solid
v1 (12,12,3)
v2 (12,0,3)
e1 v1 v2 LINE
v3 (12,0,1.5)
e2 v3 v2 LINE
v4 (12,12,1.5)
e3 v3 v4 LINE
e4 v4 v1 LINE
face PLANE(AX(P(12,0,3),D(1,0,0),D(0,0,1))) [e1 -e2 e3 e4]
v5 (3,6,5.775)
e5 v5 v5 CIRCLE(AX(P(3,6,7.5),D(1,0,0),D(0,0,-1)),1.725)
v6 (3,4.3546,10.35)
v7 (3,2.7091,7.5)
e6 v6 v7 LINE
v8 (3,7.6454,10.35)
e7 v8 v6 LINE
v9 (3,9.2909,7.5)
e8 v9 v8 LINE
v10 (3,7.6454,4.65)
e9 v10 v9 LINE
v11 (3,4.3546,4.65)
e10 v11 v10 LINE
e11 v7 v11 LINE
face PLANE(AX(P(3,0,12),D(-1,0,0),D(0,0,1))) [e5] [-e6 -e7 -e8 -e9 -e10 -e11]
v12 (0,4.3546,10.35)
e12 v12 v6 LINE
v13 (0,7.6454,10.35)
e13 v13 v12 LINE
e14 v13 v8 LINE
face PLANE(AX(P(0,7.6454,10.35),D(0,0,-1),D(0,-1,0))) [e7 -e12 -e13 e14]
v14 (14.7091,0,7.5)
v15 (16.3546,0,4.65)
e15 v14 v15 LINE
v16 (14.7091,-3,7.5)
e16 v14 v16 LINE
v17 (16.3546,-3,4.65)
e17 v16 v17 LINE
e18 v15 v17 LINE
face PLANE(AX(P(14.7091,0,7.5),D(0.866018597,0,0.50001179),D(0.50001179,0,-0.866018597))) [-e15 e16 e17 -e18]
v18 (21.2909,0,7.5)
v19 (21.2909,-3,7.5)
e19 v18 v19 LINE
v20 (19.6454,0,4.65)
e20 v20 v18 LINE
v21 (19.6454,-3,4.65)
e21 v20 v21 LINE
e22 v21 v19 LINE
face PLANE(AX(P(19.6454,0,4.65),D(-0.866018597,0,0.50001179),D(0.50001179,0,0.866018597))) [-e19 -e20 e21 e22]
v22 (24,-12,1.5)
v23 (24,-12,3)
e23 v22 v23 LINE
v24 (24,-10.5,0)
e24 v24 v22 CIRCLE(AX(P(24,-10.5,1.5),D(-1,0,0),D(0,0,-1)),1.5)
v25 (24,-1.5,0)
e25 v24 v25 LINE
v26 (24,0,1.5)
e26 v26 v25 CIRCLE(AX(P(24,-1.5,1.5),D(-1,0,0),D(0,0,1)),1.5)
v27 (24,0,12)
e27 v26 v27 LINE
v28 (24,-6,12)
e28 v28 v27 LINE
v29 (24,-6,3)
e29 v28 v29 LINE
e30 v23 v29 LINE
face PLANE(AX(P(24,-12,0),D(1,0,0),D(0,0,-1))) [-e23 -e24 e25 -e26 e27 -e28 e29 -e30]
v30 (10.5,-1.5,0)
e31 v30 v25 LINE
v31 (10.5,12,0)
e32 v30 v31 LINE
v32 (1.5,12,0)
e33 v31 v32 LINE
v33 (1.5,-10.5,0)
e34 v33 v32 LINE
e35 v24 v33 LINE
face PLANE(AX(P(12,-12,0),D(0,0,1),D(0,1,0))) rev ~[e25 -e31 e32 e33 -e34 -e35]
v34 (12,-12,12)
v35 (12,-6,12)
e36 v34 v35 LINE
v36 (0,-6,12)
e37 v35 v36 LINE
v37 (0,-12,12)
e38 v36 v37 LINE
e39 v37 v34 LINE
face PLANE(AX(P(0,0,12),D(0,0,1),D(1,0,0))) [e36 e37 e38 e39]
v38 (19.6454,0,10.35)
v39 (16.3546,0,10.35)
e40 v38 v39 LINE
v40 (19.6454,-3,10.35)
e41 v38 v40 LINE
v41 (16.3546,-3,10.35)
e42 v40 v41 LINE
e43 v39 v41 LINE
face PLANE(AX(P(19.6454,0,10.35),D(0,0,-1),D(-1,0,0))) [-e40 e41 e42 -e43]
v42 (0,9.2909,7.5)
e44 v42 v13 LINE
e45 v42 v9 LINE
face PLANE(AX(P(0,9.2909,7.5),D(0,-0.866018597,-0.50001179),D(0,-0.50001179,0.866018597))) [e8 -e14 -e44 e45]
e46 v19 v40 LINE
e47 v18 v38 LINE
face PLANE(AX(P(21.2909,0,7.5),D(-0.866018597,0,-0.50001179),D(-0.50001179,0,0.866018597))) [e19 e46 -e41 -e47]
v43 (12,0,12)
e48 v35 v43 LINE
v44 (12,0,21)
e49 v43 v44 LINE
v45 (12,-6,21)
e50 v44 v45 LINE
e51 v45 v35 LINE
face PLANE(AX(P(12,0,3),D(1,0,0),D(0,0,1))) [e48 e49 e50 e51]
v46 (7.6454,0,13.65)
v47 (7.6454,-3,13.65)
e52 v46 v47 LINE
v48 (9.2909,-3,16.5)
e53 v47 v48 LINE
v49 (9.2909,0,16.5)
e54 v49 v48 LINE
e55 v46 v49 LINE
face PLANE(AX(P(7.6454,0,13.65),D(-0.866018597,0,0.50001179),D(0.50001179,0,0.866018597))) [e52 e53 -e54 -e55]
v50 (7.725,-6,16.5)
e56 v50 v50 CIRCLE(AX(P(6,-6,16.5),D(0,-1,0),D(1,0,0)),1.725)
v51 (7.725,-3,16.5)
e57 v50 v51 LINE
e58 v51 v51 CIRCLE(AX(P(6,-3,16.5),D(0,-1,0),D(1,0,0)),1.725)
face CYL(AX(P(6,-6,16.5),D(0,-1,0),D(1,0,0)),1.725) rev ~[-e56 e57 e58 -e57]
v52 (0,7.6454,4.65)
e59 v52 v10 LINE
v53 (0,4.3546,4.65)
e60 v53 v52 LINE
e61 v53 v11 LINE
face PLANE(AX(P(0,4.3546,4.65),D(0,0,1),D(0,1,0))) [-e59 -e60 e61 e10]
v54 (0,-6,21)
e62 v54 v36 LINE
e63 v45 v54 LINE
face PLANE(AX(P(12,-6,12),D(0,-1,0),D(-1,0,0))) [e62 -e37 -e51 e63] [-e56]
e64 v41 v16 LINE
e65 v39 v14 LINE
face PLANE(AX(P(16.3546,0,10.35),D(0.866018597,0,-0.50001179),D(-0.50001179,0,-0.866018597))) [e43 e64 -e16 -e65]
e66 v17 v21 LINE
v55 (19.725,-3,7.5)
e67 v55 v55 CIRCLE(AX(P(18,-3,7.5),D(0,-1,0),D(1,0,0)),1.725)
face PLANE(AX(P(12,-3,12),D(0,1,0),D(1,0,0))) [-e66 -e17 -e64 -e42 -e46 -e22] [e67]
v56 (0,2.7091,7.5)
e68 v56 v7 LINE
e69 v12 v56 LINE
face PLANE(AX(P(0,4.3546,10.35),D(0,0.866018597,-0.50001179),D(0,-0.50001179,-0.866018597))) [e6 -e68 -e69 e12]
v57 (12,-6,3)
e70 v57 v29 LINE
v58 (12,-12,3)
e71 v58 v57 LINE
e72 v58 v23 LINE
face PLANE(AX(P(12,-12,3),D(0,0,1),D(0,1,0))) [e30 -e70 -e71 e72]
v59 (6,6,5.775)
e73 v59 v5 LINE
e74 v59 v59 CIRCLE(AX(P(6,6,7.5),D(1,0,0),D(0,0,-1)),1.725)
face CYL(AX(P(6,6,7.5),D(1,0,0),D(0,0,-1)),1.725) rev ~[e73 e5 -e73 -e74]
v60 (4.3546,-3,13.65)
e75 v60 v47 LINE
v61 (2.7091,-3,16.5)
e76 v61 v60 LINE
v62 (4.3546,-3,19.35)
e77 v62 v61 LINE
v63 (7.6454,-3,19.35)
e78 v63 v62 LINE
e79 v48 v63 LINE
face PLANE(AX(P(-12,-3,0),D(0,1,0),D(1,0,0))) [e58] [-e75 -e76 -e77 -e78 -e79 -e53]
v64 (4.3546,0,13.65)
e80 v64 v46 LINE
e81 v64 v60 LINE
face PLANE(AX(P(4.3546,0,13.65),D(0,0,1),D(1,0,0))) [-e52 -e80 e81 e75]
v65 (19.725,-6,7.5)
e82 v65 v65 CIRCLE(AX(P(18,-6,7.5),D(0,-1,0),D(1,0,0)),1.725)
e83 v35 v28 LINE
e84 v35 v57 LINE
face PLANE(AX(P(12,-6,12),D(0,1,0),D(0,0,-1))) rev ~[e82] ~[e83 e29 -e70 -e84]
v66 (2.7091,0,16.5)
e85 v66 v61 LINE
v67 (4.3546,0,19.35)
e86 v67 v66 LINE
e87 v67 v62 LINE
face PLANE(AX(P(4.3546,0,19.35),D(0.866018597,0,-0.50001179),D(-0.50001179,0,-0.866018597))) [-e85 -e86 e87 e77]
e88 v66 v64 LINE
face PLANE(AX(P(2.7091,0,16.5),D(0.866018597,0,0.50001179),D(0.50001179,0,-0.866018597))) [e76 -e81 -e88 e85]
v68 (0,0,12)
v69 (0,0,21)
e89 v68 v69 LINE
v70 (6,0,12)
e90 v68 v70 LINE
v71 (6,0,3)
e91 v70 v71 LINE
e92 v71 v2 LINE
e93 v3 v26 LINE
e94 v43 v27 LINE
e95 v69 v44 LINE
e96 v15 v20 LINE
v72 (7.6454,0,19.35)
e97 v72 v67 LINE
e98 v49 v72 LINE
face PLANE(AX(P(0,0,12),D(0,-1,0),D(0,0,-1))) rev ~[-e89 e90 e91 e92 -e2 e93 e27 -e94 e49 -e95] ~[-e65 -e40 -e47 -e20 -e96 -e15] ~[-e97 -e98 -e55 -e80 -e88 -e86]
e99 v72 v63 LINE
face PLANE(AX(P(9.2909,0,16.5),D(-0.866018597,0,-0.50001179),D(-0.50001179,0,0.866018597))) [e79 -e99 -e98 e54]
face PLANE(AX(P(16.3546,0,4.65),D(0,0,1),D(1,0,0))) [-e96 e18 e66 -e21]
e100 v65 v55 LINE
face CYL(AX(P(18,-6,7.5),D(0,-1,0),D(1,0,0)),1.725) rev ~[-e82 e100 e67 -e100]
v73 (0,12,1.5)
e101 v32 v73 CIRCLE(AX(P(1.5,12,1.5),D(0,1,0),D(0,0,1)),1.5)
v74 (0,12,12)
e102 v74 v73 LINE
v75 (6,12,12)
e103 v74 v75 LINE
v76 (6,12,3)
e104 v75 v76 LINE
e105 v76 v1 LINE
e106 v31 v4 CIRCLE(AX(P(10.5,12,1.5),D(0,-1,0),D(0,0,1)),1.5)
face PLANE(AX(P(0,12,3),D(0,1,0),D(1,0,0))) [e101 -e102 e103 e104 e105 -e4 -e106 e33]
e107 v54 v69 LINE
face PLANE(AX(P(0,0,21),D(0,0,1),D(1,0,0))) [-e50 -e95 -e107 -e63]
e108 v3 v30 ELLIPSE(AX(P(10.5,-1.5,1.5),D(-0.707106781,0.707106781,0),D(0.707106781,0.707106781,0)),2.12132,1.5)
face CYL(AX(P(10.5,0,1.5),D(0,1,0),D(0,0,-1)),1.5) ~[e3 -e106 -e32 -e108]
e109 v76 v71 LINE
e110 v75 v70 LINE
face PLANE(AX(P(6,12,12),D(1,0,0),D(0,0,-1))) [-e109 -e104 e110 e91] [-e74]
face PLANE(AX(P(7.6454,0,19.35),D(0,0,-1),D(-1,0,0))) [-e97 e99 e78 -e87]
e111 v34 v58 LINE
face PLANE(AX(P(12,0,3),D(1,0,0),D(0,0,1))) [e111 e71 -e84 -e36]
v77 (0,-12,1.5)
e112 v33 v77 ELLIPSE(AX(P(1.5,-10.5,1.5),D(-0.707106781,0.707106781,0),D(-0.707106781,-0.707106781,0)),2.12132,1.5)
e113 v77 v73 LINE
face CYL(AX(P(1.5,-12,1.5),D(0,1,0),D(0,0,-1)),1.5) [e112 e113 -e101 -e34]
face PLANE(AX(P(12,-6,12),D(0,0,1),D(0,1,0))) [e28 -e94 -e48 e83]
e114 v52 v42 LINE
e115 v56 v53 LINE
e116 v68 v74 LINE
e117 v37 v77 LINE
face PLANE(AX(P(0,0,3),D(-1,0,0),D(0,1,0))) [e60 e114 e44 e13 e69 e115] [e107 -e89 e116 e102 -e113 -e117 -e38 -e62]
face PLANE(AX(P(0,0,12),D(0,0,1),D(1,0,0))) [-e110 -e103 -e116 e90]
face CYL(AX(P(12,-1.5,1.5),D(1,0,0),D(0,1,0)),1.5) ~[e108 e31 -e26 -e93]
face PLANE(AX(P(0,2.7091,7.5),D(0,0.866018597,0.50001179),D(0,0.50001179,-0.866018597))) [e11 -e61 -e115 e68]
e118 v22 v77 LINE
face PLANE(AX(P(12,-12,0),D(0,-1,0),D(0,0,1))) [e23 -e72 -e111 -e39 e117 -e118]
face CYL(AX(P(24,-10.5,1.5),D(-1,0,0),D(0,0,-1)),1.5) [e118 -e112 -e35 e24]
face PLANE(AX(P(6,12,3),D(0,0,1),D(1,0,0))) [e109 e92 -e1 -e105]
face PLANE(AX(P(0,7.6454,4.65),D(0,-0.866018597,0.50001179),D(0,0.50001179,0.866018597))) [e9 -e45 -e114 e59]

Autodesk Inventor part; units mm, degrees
ref_plane "YZ Plane" through (0, 0, 0) normal (1, 0, 0) x (0, 1, 0)
ref_plane "XZ Plane" through (0, 0, 0) normal (0, 1, 0) x (-1, 0, 0)
ref_plane "XY Plane" through (0, 0, 0) normal (0, 0, 1) x (1, 0, 0)
sketch "Sketch1" plane through (0, 0, 0) normal (0, 0, 1) x (1, 0, 0)
  line L0 (0, 0) -> (12, 0)
  line L1 (12, 0) -> (12, 12)
  line L2 (12, 12) -> (0, 12)
  line L3 (0, 12) -> (0, 0)
  line L4 (12, 0) -> (0, 0)
  line L5 (0, 0) -> (0, -12)
  line L6 (0, -12) -> (12, -12)
  line L7 (12, -12) -> (12, 0)
  line L8 (12, 0) -> (24, 0)
  line L9 (24, 0) -> (24, -12)
  line L10 (24, -12) -> (12, -12)
  line L11 (12, -12) -> (12, 0)
  line L12 (0, -12) -> (-12, -12)
  line L13 (-12, -12) -> (-12, 0)
  line L14 (-12, 0) -> (0, 0)
  line L15 (0, 0) -> (0, -12)
  line L16 (0, -12) -> (12, -12)
  line L17 (12, -12) -> (12, -24)
  line L18 (12, -24) -> (0, -24)
  line L19 (0, -24) -> (0, -12)
  dimension "d0" = 12
  dimension "d1" = 12
  dimension "d2" = 12
  dimension "d3" = 12
  dimension "d4" = 12
  dimension "d5" = 12
  dimension "d6" = 12
  dimension "d7" = 12
  dimension "d8" = 12
  dimension "d9" = 12
extrude "Extrusion1" add sketch "Sketch1" along normal blind 3
sketch "Sketch2" plane through (0, 0, 3) normal (0, 0, 1) x (1, 0, 0)
  line L0 (-12, 0) -> (-12, -12) projected
  line L1 (-12, -12) -> (-12, -6)
  line L2 (-12, -6) -> (0, -6)
  line L3 (-12, -12) -> (0, -12) projected
  line L4 (0, -6) -> (0, -12)
  line L5 (0, -12) -> (-12, -12)
  line L6 (12, -24) -> (12, -12) projected
  line L7 (12, -12) -> (12, -6)
  line L8 (12, -6) -> (24, -6)
  line L9 (24, -12) -> (24, 0) projected
  line L10 (12, -12) -> (24, -12) projected
  line L11 (24, -6) -> (24, -12)
  line L12 (24, -12) -> (12, -12)
  line L13 (0, 0) -> (0, -6)
  line L14 (12, 0) -> (12, 12) projected
  line L15 (0, 0) -> (12, 0)
  line L16 (12, 0) -> (12, -6)
  line L17 (12, -12) -> (0, -12)
  line L18 (0, 12) -> (0, 0) projected
  line L19 (0, 0) -> (0, 12)
  line L20 (0, 12) -> (6, 12)
  line L21 (12, 12) -> (0, 12) projected
  line L22 (6, 12) -> (6, 0)
  line L23 (6, 0) -> (0, 0)
  line L24 (0, -12) -> (0, -24) projected
  line L25 (0, -12) -> (0, -24)
  line L26 (0, -24) -> (6, -24)
  line L27 (0, -24) -> (12, -24) projected
  line L28 (6, -24) -> (6, -12)
  line L29 (6, -12) -> (0, -12)
  dimension "d12" = 6
  dimension "d13" = 12
extrude "Extrusion2" add sketch "Sketch2" along normal blind 9 contours L2 L4 L3 L0 | L13 L15 L16 L7 L17 L4 | L17 L28 L26 L24 | L18 L20 L22 L15 | L7 L8 L9 L10
sketch "Sketch3" plane through (0, 0, 12) normal (0, 0, 1) x (1, 0, 0)
  line L0 (0, -6) -> (12, -6)
  line L1 (12, -12) -> (6, -12) projected
  line L2 (12, -6) -> (12, -12)
  line L3 (0, -12) -> (0, -24) projected
  line L4 (12, -12) -> (0, -12)
  line L5 (0, -12) -> (0, -6)
  point P0 (0, 0)
extrude "Extrusion3" add sketch "Sketch3" along normal blind 9
sketch "Sketch4" plane through (6, -12, 3) normal (0, -1, 0) x (1, 0, 0)
  point P0 (-6, -3)
sketch "Sketch5" plane through (-12, -6, 3) normal (0, 1, 0) x (1, 0, 0)
  circle A0 centre (6, -4.5) radius 1.725
  line L0 (0, 0) -> (0, -9) projected
  line L1 (12, -9) -> (0, -9) projected
  circle A1 centre (18, -13.5) radius 1.725
  line L2 (24, -18) -> (12, -18) projected
  line L3 (24, -9) -> (24, -18) projected
  circle A2 centre (30, -4.5) radius 1.725
  line L4 (36, 0) -> (36, -9) projected
  line L5 (36, -9) -> (24, -9) projected
  point P0 (12, 3)
  dimension "d19" = 3.45
  dimension "d20" = 6
  dimension "d21" = 4.5
  dimension "d22" = 3.45
  dimension "d23" = 4.5
  dimension "d24" = 6
  dimension "d25" = 3.45
  dimension "d26" = 6
  dimension "d27" = 4.5
extrude "Extrusion4" cut sketch "Sketch5" against normal blind 3
sketch "Sketch6" plane through (6, -12, 3) normal (0, -1, 0) x (1, 0, 0)
  circle A0 centre (-12, 4.5) radius 1.725 projected
  line L0 (-10.3546, 7.35) -> (-8.7091, 4.5)
  line L1 (-8.7091, 4.5) -> (-10.3546, 1.65)
  line L2 (-10.3546, 1.65) -> (-13.6454, 1.65)
  line L3 (-13.6454, 1.65) -> (-15.2909, 4.5)
  line L4 (-15.2909, 4.5) -> (-13.6454, 7.35)
  line L5 (-13.6454, 7.35) -> (-10.3546, 7.35)
  circle A1 centre (12, 4.5) radius 1.725 projected
  line L6 (13.6454, 7.35) -> (15.2909, 4.5)
  line L7 (15.2909, 4.5) -> (13.6454, 1.65)
  line L8 (13.6454, 1.65) -> (10.3546, 1.65)
  line L9 (10.3546, 1.65) -> (8.7091, 4.5)
  line L10 (8.7091, 4.5) -> (10.3546, 7.35)
  line L11 (10.3546, 7.35) -> (13.6454, 7.35)
  circle A2 centre (0, 13.5) radius 1.725 projected
  line L12 (1.6454, 16.35) -> (3.2909, 13.5)
  line L13 (3.2909, 13.5) -> (1.6454, 10.65)
  line L14 (1.6454, 10.65) -> (-1.6454, 10.65)
  line L15 (-1.6454, 10.65) -> (-3.2909, 13.5)
  line L16 (-3.2909, 13.5) -> (-1.6454, 16.35)
  line L17 (-1.6454, 16.35) -> (1.6454, 16.35)
  point P0 (-6, -3)
  dimension "d30" = 2.85
  dimension "d31" = 2.85
  dimension "d32" = 2.85
extrude "Extrusion5" cut sketch "Sketch6" against normal blind 3 contours A0 | L0 L1 L2 L3 L4 L5 | A1 | L6 L7 L8 L9 L10 L11 | A2 | L12 L13 L14 L15 L16 L17
sketch "Sketch7" plane through (6, 0, 3) normal (1, 0, 0) x (0, 0, -1)
  circle A0 centre (-4.5, 6) radius 1.725
  circle A1 centre (-4.5, -18) radius 1.725
  line L0 (-9, 0) -> (-9, 12) projected
  line L1 (-9, -24) -> (-9, -12) projected
  line L2 (0, -24) -> (-9, -24) projected
  line L3 (0, 12) -> (-9, 12) projected
  point P0 (3, 0)
  dimension "d35" = 3.45
  dimension "d36" = 3.45
  dimension "d37" = 4.5
  dimension "d38" = 4.5
  dimension "d39" = 6
  dimension "d40" = 6
extrude "Extrusion6" cut sketch "Sketch7" against normal blind 3
sketch "Sketch8" plane through (0, -6, 3) normal (-1, 0, 0) x (0, 0, 1)
  circle A0 centre (4.5, 12) radius 1.725 projected
  line L0 (1.65, 13.6454) -> (4.5, 15.2909)
  line L1 (4.5, 15.2909) -> (7.35, 13.6454)
  line L2 (7.35, 13.6454) -> (7.35, 10.3546)
  line L3 (7.35, 10.3546) -> (4.5, 8.7091)
  line L4 (4.5, 8.7091) -> (1.65, 10.3546)
  line L5 (1.65, 10.3546) -> (1.65, 13.6454)
  circle A1 centre (4.5, -12) radius 1.725 projected
  line L6 (1.65, -10.3546) -> (4.5, -8.7091)
  line L7 (4.5, -8.7091) -> (7.35, -10.3546)
  line L8 (7.35, -10.3546) -> (7.35, -13.6454)
  line L9 (7.35, -13.6454) -> (4.5, -15.2909)
  line L10 (4.5, -15.2909) -> (1.65, -13.6454)
  line L11 (1.65, -13.6454) -> (1.65, -10.3546)
  point P0 (-3, 6)
  dimension "d43" = 2.85
  dimension "d44" = 2.85
extrude "Extrusion7" cut sketch "Sketch8" against normal blind 3 contours A0 | L0 L1 L2 L3 L4 L5 | A1 | L6 L7 L8 L9 L10 L11
sketch "Sketch9" plane through (0, 0, 0) normal (0, 0, -1) x (-1, 0, 0)
  line L0 (-24, -12) -> (-24, 0) projected
  line L1 (-12, -12) -> (-12, -6) projected
  line L2 (-24, 0) -> (-12, 0)
  line L3 (-12, 0) -> (-12, -12)
  line L4 (-12, -12) -> (-24, -12)
  line L5 (-24, -12) -> (-24, 0)
  line L6 (-12, -12) -> (0, -12)
  line L7 (0, -12) -> (0, -24)
  line L8 (0, -24) -> (-12, -24)
  line L9 (-12, -24) -> (-12, -12)
  point P0 (0, 0)
extrude "Extrusion8" cut sketch "Sketch9" against normal through all
sketch "Sketch10" plane through (0, 12, 12) normal (0, 1, 0) x (1, 0, 0)
  line L0 (6, 0) -> (0, 0) projected
  line L1 (12, 9) -> (6, 9) projected
  line L2 (0, 0) -> (6, 0)
  line L3 (6, 0) -> (6, 9)
  line L4 (6, 9) -> (0, 9)
  line L5 (0, 9) -> (0, 0)
  point P0 (0, 12)
extrude "Extrusion9" cut sketch "Sketch10" against normal blind 12
sketch "Sketch11" plane through (0, 0, 3) normal (0, 1, 0) x (1, 0, 0)
  line L0 (12, 0) -> (12, -9) projected
  line L1 (12, 0) -> (0, 0) projected
  line L2 (12, -9) -> (6, -9)
  line L3 (6, -9) -> (6, 0)
  line L4 (6, 0) -> (12, 0)
  line L5 (12, 0) -> (12, -9)
  point P0 (0, 3)
extrude "Extrusion10" add sketch "Sketch11" along normal blind 12
sketch "Sketch12" plane through (6, 0, 3) normal (-1, 0, 0) x (0, 0, 1)
  circle A0 centre (4.5, 6) radius 1.575
  line L0 (9, 0) -> (9, 12) projected
  line L1 (0, 12) -> (9, 12) projected
  point P0 (-3, 0)
  dimension "d54" = 3.15
  dimension "d55" = 4.5
  dimension "d56" = 6
extrude "Extrusion11" cut sketch "Sketch12" against normal blind 3
sketch "Sketch13" plane through (12, -6, 12) normal (1, 0, 0) x (0, 0, -1)
  circle A0 centre (4.5, 12) radius 1.575 projected
  line L0 (1.65, 13.6454) -> (4.5, 15.2909)
  line L1 (4.5, 15.2909) -> (7.35, 13.6454)
  line L2 (7.35, 13.6454) -> (7.35, 10.3546)
  line L3 (7.35, 10.3546) -> (4.5, 8.7091)
  line L4 (4.5, 8.7091) -> (1.65, 10.3546)
  line L5 (1.65, 10.3546) -> (1.65, 13.6454)
  point P0 (12, 6)
  dimension "d59" = 5.7
extrude "Extrusion12" cut sketch "Sketch13" against normal blind 3 contours A0 | L0 L1 L2 L3 L4 L5
sketch "Sketch14" plane through (0, -6, 3) normal (-1, 0, 0) x (0, 0, 1)
  line L0 (9, 6) -> (0, 6) projected
  line L1 (0, 6) -> (0, 0) projected
  line L2 (9, 6) -> (0, 6)
  line L3 (0, 6) -> (0, 0)
  line L4 (0, 0) -> (9, 0)
  line L5 (9, 0) -> (9, 6)
  point P0 (-3, 6)
extrude "Extrusion13" add sketch "Sketch14" along normal blind 12
sketch "Sketch15" plane through (-12, -12, 0) normal (-1, 0, 0) x (0, 0, 1)
  line L0 (12, 0) -> (12, 6) projected
  line L1 (12, 0) -> (3, 0)
  line L2 (3, 0) -> (3, 6)
  line L3 (3, 6) -> (12, 6)
  line L4 (12, 6) -> (12, 0)
  point P0 (0, 12)
  dimension "d64" = 9
  dimension "d65" = 6
extrude "Extrusion14" cut sketch "Sketch15" against normal blind 12
sketch "Sketch16" plane through (-12, -6, 12) normal (0, -1, 0) x (1, 0, 0)
  circle A0 centre (6, -4.5) radius 1.725
  line L0 (0, -9) -> (0, 0) projected
  line L1 (0, 0) -> (12, 0) projected
  point P0 (12, -12)
  dimension "d68" = 3.45
  dimension "d69" = 6
  dimension "d70" = 4.5
extrude "Extrusion15" cut sketch "Sketch16" against normal blind 3
sketch "Sketch17" plane through (-12, 0, 0) normal (0, 1, 0) x (1, 0, 0)
  circle A0 centre (6, -7.5) radius 1.725 projected
  line L0 (4.3546, -10.35) -> (2.7091, -7.5)
  line L1 (2.7091, -7.5) -> (4.3546, -4.65)
  line L2 (4.3546, -4.65) -> (7.6454, -4.65)
  line L3 (7.6454, -4.65) -> (9.2909, -7.5)
  line L4 (9.2909, -7.5) -> (7.6454, -10.35)
  line L5 (7.6454, -10.35) -> (4.3546, -10.35)
  point P0 (12, 0)
  dimension "d73" = 5.7
extrude "Extrusion16" cut sketch "Sketch17" against normal blind 3 contours A0 | L0 L1 L2 L3 L4 L5
sketch "Sketch18" plane through (0, 0, 12) normal (0, 0, 1) x (1, 0, 0)
  line L0 (12, -6) -> (12, 12) projected
  line L1 (0, 0) -> (12, 0)
  line L2 (12, 0) -> (12, -6)
  line L3 (12, -6) -> (0, -6)
  line L4 (0, -6) -> (0, 0)
extrude "Extrusion17" add sketch "Sketch18" along normal blind 9
sketch "Sketch19" plane through (0, 0, 21) normal (0, 0, 1) x (1, 0, 0)
  line L0 (0, -12) -> (12, -12) projected
  line L1 (12, -12) -> (12, 0) projected
  line L2 (0, -12) -> (12, -12)
  line L3 (12, -12) -> (12, -6)
  line L4 (12, -6) -> (0, -6)
  line L5 (0, -6) -> (0, -12)
  point P0 (0, 0)
extrude "Extrusion18" cut sketch "Sketch19" against normal blind 9
sketch "Sketch20" plane through (0, -6, 21) normal (0, -1, 0) x (1, 0, 0)
  circle A0 centre (6, -4.5) radius 1.725
  line L0 (0, 0) -> (12, 0) projected
  line L1 (0, -9) -> (0, 0) projected
  point P0 (0, -21)
  dimension "d80" = 3.45
  dimension "d81" = 4.5
  dimension "d82" = 6
extrude "Extrusion19" cut sketch "Sketch20" against normal blind 3
sketch "Sketch21" plane through (-12, 0, 0) normal (0, 1, 0) x (1, 0, 0)
  circle A0 centre (18, -16.5) radius 1.725 projected
  line L0 (16.3546, -19.35) -> (14.7091, -16.5)
  line L1 (14.7091, -16.5) -> (16.3546, -13.65)
  line L2 (16.3546, -13.65) -> (19.6454, -13.65)
  line L3 (19.6454, -13.65) -> (21.2909, -16.5)
  line L4 (21.2909, -16.5) -> (19.6454, -19.35)
  line L5 (19.6454, -19.35) -> (16.3546, -19.35)
  point P0 (12, 0)
  dimension "d85" = 5.7
extrude "Extrusion20" cut sketch "Sketch21" against normal blind 3 contours A0 | L0 L1 L2 L3 L4 L5
sketch "Sketch22" plane through (12, -12, 0) normal (1, 0, 0) x (0, 0, -1)
  line L0 (-12, 6) -> (-12, 12) projected
  line L1 (0, 24) -> (0, 12) projected
  line L2 (-12, 6) -> (-3, 6)
  line L3 (0, 0) -> (0, 12)
  line L4 (0, 12) -> (-12, 12)
  line L5 (-12, 12) -> (-12, 6)
  line L6 (0, 0) -> (-12, 0) projected
  line L7 (-3, 6) -> (-12, 6) projected
  line L8 (0, 0) -> (-3, 0)
  line L9 (-3, 0) -> (-3, 6)
  line L10 (0, 12) -> (0, 0)
extrude "Extrusion21" add sketch "Sketch22" along normal blind 12
sketch "Sketch23" plane through (12, -6, 3) normal (0, -1, 0) x (1, 0, 0)
  circle A0 centre (6, 4.5) radius 1.725
  line L0 (0, 9) -> (12, 9) projected
  line L1 (12, 9) -> (12, 0) projected
  point P0 (-12, -3)
  dimension "d91" = 3.45
  dimension "d92" = 4.5
  dimension "d93" = 6
extrude "Extrusion22" cut sketch "Sketch23" against normal blind 3
sketch "Sketch24" plane through (12, 0, 12) normal (0, 1, 0) x (1, 0, 0)
  circle A0 centre (6, 4.5) radius 1.725 projected
  line L0 (4.3546, 1.65) -> (2.7091, 4.5)
  line L1 (2.7091, 4.5) -> (4.3546, 7.35)
  line L2 (4.3546, 7.35) -> (7.6454, 7.35)
  line L3 (7.6454, 7.35) -> (9.2909, 4.5)
  line L4 (9.2909, 4.5) -> (7.6454, 1.65)
  line L5 (7.6454, 1.65) -> (4.3546, 1.65)
  point P0 (-12, 12)
  dimension "d96" = 5.7
extrude "Extrusion23" cut sketch "Sketch24" against normal blind 3 contours A0 | L0 L1 L2 L3 L4 L5
sketch "Sketch25" plane through (0, 0, 0) normal (0, 0, -1) x (-1, 0, 0)
  line L0 (12, -12) -> (-24, -12) projected
  line L1 (0, 12) -> (0, 0) projected
  line L2 (12, -12) -> (0, -12)
  line L3 (0, -12) -> (0, 0)
  line L4 (0, 0) -> (12, 0)
  line L5 (12, 0) -> (12, -12)
extrude "Extrusion24" cut sketch "Sketch25" against normal through all
fillet "Fillet5" radius 1.5 4 edges at (12, -12, 0) (18, 0, 0) (0, 0, 0) (12, 6, 0)
sketch "Sketch26" plane through (0, 0, 3) normal (0, 0, 1) x (1, 0, 0)
  line L0 (4.3546, 0) -> (7.6454, 0) projected
  line L1 (0, -12) -> (0, 12) projected
  line L2 (6, 0) -> (0, 0)
  line L3 (0, 0) -> (0, 12)
  line L4 (0, 12) -> (6, 12)
  line L5 (6, 12) -> (6, 0)
extrude "Extrusion25" add sketch "Sketch26" along normal blind 9
sketch "Sketch27" plane through (0, 12, 12) normal (0, 1, 0) x (1, 0, 0)
  line L0 (12, 0) -> (12, -9) projected
  line L1 (12, 0) -> (6, 0)
  line L2 (6, 0) -> (6, 9)
  line L3 (6, 9) -> (12, 9)
  line L4 (12, 9) -> (12, 0)
  point P0 (0, 12)
  dimension "d105" = 6
  dimension "d106" = 9
extrude "Extrusion26" cut sketch "Sketch27" against normal blind 12
sketch "Sketch28" plane through (6, 0, 12) normal (1, 0, 0) x (0, 0, -1)
  circle A0 centre (4.5, 6) radius 1.725
  line L0 (0, 0) -> (0, 12) projected
  line L1 (0, 12) -> (9, 12) projected
  point P0 (12, 0)
  dimension "d109" = 3.45
  dimension "d110" = 4.5
  dimension "d111" = 6
extrude "Extrusion27" cut sketch "Sketch28" against normal blind 3
sketch "Sketch29" plane through (0, 0, 12) normal (-1, 0, 0) x (0, 0, 1)
  circle A0 centre (-4.5, 6) radius 1.725 projected
  line L0 (-7.35, 7.6454) -> (-4.5, 9.2909)
  line L1 (-4.5, 9.2909) -> (-1.65, 7.6454)
  line L2 (-1.65, 7.6454) -> (-1.65, 4.3546)
  line L3 (-1.65, 4.3546) -> (-4.5, 2.7091)
  line L4 (-4.5, 2.7091) -> (-7.35, 4.3546)
  line L5 (-7.35, 4.3546) -> (-7.35, 7.6454)
  point P0 (-12, 0)
  dimension "d114" = 5.7
extrude "Extrusion28" cut sketch "Sketch29" against normal blind 3 contours A0 | L0 L1 L2 L3 L4 L5
properties part number "topCornWS"
